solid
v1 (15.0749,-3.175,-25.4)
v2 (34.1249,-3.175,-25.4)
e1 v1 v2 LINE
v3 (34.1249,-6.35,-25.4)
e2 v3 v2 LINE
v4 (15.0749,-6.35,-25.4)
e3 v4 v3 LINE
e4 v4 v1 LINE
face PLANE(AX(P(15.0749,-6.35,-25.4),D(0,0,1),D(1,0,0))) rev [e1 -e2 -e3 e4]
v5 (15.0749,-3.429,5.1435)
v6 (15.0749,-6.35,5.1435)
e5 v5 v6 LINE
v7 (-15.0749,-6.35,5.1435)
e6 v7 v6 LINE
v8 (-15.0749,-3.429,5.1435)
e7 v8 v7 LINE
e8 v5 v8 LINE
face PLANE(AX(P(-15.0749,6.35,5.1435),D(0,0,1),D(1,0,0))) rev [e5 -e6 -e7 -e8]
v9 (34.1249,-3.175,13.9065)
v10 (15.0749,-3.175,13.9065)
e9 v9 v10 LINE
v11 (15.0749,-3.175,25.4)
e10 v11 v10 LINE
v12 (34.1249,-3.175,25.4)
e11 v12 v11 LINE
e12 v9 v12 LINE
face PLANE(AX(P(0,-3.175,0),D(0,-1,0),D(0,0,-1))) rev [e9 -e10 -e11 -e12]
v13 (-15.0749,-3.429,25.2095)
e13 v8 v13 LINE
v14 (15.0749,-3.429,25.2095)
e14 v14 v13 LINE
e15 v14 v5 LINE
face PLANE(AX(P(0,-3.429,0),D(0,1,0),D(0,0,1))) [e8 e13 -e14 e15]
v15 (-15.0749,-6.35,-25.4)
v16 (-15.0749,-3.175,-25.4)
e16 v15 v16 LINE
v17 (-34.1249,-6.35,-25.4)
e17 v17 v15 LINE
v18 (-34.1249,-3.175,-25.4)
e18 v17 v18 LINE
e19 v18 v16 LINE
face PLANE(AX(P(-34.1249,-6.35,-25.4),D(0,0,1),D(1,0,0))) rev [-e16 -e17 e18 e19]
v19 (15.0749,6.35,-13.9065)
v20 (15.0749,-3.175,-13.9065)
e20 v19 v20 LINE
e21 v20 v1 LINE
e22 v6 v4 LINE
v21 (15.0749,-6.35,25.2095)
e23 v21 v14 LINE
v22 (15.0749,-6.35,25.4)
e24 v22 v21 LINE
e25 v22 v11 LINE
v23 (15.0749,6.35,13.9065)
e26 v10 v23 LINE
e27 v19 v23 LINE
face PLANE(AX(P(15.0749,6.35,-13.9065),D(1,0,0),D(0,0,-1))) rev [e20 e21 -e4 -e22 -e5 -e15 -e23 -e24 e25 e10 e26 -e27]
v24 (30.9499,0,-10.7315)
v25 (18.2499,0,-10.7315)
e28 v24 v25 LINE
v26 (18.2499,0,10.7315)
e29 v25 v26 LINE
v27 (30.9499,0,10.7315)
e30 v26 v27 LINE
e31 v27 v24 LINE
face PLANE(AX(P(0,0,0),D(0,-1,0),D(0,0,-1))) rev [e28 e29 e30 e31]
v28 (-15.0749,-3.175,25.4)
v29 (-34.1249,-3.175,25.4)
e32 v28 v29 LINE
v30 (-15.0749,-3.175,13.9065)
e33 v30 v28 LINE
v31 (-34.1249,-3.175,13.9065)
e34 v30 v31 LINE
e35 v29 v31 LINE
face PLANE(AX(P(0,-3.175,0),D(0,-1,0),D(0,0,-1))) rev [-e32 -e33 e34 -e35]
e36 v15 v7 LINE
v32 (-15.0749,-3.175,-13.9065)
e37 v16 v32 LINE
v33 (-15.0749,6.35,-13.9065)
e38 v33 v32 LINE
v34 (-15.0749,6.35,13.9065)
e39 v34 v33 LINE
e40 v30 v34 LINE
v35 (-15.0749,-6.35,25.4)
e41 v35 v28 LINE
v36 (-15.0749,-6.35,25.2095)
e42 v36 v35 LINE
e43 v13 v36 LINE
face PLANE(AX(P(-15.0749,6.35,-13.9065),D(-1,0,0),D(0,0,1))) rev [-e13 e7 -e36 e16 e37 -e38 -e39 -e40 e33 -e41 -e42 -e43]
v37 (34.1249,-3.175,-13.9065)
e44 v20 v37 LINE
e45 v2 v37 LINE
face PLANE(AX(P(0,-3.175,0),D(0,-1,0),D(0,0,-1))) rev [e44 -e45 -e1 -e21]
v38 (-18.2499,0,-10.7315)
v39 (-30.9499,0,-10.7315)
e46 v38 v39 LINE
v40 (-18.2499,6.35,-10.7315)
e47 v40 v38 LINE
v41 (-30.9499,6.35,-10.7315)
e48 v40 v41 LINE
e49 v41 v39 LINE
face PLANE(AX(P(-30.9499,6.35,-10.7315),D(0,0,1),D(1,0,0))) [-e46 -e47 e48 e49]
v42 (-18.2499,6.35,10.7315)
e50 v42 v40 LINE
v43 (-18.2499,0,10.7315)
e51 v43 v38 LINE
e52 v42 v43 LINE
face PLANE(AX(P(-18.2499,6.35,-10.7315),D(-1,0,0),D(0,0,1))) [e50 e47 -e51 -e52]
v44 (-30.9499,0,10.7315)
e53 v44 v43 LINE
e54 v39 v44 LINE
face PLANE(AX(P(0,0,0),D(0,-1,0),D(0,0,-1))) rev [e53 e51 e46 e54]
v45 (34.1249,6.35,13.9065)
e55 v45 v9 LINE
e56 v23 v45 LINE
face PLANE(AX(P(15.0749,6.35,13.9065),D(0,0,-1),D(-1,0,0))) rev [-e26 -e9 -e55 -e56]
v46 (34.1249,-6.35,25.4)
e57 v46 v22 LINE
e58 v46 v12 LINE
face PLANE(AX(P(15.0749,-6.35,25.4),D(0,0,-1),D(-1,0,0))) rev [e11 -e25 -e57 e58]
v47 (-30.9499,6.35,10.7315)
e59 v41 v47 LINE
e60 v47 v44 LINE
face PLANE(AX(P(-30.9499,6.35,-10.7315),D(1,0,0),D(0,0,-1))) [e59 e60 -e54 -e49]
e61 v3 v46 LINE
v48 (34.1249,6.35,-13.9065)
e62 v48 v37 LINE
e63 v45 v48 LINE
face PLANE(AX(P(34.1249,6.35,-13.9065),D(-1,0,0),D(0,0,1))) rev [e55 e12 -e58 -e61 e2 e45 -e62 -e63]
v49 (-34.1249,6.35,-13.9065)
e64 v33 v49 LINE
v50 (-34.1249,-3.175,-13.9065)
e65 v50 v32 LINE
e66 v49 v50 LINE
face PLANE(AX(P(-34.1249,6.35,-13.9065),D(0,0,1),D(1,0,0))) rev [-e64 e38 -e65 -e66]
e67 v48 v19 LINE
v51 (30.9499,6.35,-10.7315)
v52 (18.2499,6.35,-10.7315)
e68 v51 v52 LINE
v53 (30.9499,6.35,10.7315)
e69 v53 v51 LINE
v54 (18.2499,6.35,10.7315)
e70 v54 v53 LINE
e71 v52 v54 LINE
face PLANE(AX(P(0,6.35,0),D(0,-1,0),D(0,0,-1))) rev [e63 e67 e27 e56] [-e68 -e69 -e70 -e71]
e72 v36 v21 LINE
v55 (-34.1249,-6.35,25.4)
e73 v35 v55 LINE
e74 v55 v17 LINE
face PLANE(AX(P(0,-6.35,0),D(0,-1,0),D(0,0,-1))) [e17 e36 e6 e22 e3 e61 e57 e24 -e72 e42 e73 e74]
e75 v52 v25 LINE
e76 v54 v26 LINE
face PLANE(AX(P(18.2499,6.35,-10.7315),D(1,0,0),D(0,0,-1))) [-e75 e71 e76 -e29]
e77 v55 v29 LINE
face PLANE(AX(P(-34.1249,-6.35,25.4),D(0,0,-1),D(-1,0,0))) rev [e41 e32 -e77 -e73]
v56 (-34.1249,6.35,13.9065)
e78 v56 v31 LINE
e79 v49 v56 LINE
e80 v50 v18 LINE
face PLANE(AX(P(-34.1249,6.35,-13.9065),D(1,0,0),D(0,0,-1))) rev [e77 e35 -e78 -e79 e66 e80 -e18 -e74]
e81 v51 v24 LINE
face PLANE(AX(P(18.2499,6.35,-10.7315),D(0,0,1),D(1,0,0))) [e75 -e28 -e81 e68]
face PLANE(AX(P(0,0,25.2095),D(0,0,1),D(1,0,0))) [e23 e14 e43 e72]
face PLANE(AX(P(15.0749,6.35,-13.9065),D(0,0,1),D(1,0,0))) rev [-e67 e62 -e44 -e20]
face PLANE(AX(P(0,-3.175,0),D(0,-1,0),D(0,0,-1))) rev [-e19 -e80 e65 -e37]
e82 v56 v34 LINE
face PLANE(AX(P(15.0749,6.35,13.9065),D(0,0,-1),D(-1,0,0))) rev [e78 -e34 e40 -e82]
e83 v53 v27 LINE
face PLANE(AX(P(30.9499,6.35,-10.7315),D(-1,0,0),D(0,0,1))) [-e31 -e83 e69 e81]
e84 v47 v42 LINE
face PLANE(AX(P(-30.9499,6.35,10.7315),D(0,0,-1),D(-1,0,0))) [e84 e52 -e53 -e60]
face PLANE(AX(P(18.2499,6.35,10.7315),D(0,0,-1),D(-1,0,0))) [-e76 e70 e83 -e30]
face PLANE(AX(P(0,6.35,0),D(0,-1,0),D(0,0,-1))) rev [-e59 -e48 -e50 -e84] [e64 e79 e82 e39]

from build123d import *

# Parameters (mm, degrees)
SKETCH1_W           = 12.7
SKETCH1_H           = 21.463
BOSS_EXTRUDE1_DEPTH = 6.35
BOSS_EXTRUDE2_DEPTH = 3.175
BOSS_EXTRUDE3_DEPTH = 3.175
SKETCH4_W           = 30.1498
SKETCH4_H           = 8.763
CUT_EXTRUDE1_DEPTH  = 9.779
SKETCH6_W           = 30.1498
SKETCH6_H           = 2.921
BOSS_EXTRUDE4_DEPTH = 11.303


with BuildPart() as part:
    # Sketch1 → Boss-Extrude1 (new body)
    with BuildSketch(Plane(origin=(0, 0, 0), x_dir=(1, 0, 0), z_dir=(0, 1, 0))):
        Polygon((-34.1249, 13.9065), (-34.1249, -13.9065), (-15.0749, -13.9065), (15.0749, -13.9065), (34.1249, -13.9065), (34.1249, 13.9065), (15.0749, 13.9065), (15.0749, -5.1435), (-15.0749, -5.1435), (-15.0749, 13.9065), align=None)
        with Locations((-24.5999, 0)):
            Rectangle(SKETCH1_W, SKETCH1_H, mode=Mode.SUBTRACT)
        with Locations((24.5999, 0)):
            Rectangle(SKETCH1_W, SKETCH1_H, mode=Mode.SUBTRACT)
    extrude(amount=BOSS_EXTRUDE1_DEPTH)

    # Sketch2 → Boss-Extrude2 (add)
    with BuildSketch(Plane.XZ):
        Polygon((-15.0749, 5.1435), (-15.0749, -13.9065), (-34.1249, -13.9065), (-34.1249, 13.9065), (34.1249, 13.9065), (34.1249, -13.9065), (15.0749, -13.9065), (15.0749, 5.1435), align=None)
    extrude(amount=BOSS_EXTRUDE2_DEPTH)

    # Sketch3 → Boss-Extrude3 (add)
    with BuildSketch(Plane.XZ.offset(3.175)):
        Polygon((-34.1249, -25.4), (-15.0749, -25.4), (-15.0749, 5.1435), (15.0749, 5.1435), (15.0749, -25.4), (34.1249, -25.4), (34.1249, 25.4), (15.0749, 25.4), (15.0749, 13.9065), (-15.0749, 13.9065), (-15.0749, 25.4), (-34.1249, 25.4), align=None)
    extrude(amount=BOSS_EXTRUDE3_DEPTH)

    # Sketch4 → Cut-Extrude1 (cut)
    with BuildSketch(Plane(origin=(0, 6.35, 0), x_dir=(1, 0, 0), z_dir=(0, 1, 0))):
        with Locations((0, -9.525)):
            Rectangle(SKETCH4_W, SKETCH4_H)
    extrude(amount=-CUT_EXTRUDE1_DEPTH, mode=Mode.SUBTRACT)

    # Sketch6 → Boss-Extrude4 (add)
    with BuildSketch(Plane.XY.offset(13.9065)):
        with Locations((0, -4.8895)):
            Rectangle(SKETCH6_W, SKETCH6_H)
    extrude(amount=BOSS_EXTRUDE4_DEPTH)


solid = part.part
